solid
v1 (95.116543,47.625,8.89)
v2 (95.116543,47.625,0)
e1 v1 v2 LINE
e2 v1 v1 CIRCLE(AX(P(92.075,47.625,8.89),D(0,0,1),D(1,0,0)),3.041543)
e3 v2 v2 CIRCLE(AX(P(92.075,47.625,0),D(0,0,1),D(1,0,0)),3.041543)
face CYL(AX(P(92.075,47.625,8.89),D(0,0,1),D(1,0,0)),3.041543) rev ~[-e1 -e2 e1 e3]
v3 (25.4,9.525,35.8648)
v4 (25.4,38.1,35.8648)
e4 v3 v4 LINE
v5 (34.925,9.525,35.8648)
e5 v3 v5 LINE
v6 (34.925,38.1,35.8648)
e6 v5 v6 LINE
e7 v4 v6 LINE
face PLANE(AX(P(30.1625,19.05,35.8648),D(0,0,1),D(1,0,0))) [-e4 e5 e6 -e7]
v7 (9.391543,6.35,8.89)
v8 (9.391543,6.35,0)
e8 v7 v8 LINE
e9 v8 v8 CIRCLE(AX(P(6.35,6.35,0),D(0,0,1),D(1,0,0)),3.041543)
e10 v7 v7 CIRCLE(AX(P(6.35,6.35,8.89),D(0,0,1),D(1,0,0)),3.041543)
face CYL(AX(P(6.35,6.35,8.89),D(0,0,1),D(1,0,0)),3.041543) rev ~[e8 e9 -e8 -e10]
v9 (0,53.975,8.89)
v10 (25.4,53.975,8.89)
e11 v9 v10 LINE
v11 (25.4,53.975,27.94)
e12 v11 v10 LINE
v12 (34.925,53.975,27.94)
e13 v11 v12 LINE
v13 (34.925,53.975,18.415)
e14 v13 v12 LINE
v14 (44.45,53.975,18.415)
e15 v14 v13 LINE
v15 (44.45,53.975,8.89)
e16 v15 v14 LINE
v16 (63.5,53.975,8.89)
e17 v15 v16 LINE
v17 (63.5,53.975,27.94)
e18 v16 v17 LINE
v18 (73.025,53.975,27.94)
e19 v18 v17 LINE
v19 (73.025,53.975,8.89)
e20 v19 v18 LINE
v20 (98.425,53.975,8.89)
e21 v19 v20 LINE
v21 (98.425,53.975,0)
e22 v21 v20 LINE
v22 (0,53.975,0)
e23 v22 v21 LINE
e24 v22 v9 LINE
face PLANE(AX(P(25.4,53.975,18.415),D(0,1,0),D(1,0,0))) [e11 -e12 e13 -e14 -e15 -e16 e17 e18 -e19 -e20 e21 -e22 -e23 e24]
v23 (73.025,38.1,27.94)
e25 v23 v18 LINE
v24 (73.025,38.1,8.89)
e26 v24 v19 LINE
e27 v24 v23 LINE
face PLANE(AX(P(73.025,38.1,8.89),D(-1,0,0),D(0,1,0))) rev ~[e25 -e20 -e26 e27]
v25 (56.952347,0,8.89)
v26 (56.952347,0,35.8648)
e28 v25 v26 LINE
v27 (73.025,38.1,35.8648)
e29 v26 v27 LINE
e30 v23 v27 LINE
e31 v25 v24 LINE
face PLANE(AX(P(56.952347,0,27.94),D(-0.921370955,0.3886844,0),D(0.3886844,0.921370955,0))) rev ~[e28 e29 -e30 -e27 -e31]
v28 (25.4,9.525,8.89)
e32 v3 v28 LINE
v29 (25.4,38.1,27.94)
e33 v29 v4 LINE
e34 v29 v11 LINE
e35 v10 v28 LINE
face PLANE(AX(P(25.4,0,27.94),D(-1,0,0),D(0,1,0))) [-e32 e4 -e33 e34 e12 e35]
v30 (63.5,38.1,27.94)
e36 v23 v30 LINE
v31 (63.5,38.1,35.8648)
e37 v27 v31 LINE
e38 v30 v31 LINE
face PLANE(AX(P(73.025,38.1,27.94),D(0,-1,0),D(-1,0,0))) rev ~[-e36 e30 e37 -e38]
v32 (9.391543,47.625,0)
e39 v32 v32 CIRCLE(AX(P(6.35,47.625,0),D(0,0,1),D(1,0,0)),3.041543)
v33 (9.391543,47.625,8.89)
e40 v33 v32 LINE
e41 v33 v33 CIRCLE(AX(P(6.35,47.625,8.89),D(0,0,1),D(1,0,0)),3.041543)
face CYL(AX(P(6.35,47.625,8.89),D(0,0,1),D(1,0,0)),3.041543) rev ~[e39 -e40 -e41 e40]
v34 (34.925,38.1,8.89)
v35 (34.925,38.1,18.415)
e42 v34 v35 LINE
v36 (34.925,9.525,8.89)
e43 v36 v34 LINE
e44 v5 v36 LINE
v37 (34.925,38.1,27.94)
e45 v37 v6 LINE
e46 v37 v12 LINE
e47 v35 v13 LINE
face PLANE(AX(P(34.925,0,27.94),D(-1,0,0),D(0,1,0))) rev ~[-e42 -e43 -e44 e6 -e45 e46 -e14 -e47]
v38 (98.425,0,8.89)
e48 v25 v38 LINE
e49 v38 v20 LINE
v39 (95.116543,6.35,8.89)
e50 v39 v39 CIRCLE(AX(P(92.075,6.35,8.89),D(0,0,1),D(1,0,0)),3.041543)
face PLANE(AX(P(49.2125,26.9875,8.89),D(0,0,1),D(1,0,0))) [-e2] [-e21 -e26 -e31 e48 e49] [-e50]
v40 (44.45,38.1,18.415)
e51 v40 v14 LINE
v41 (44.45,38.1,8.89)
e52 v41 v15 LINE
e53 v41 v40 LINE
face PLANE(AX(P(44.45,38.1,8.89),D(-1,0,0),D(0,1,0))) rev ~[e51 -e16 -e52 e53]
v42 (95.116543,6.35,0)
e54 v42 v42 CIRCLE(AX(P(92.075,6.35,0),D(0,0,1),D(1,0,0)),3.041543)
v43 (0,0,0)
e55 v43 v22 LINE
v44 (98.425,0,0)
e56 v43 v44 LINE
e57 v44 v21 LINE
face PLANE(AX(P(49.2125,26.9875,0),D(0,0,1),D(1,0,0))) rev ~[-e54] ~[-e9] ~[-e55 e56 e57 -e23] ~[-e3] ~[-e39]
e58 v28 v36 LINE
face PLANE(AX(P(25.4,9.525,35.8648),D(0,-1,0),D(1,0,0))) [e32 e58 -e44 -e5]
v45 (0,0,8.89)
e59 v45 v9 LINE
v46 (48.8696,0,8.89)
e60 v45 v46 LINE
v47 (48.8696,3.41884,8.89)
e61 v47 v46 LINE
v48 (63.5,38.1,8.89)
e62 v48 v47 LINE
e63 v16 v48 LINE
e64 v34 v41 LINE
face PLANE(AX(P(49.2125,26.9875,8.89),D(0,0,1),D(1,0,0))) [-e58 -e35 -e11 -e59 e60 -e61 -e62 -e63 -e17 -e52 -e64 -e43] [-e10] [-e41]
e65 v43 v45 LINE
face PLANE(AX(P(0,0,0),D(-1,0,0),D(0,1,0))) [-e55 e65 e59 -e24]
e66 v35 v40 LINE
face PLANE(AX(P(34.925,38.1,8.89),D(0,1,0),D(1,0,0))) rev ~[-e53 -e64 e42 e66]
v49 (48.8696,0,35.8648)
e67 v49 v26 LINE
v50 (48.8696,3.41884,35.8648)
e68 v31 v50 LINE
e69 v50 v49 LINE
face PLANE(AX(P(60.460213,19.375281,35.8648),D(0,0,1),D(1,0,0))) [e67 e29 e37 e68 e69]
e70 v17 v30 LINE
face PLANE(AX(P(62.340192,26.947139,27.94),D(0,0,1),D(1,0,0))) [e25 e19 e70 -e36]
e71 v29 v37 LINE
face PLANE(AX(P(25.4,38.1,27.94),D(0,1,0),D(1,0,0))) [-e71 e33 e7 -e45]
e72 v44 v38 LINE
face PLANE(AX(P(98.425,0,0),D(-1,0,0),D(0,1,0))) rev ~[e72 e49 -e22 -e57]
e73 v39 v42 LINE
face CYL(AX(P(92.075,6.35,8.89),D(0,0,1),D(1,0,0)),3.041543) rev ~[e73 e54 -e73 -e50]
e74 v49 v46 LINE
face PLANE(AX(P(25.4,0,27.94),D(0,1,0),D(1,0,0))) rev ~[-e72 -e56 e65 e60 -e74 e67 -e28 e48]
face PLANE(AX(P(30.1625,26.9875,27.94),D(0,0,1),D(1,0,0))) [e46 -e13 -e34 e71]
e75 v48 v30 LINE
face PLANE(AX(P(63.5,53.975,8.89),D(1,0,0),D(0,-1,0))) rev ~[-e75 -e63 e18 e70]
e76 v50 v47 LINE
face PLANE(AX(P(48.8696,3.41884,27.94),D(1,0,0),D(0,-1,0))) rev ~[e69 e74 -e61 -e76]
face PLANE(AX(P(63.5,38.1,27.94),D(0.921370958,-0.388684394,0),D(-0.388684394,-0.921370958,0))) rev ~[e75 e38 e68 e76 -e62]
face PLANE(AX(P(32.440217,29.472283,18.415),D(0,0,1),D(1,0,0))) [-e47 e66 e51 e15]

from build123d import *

# Parameters (mm, degrees)
F0_W      = 98.425
F0_H      = 53.975
F1_DEPTH  = 8.89
F3_DEPTH  = 9.525
F5_DEPTH  = 19.05
F7_DEPTH  = 7.9248
F8_W      = 9.525
F8_H      = 53.975
F9_DEPTH  = 9.525
F10_W     = 9.525
F10_H     = 38.1
F11_DEPTH = 7.9248
F12_R     = 3.041543
F13_DEPTH = 25.4
F14_W     = 9.525
F14_H     = 9.525
F15_DEPTH = 26.9748


with BuildPart() as f1:
    # F0 (on Top) → F1 (new body)
    with BuildSketch(Plane.XY):
        with Locations((49.2125, 26.9875)):
            Rectangle(F0_W, F0_H)
    extrude(amount=F1_DEPTH)

    # F2 (on face) → F3 (join)
    with BuildSketch(Plane.XY.offset(8.89)):
        Polygon((25.4, 0), (34.925, 0), (34.925, 38.1), (44.45, 38.1), (44.45, 53.975), (25.4, 53.975), align=None)
    extrude(amount=F3_DEPTH)

    # F4 (on face) → F5 (join)
    with BuildSketch(Plane.XY.offset(8.89)):
        Polygon((73.025, 53.975), (63.5, 53.975), (63.5, 38.1), (48.8696, 3.41884), (48.8696, 0), (56.952347, 0), (73.025, 38.1), align=None)
    extrude(amount=F5_DEPTH)

    # F6 (on face) → F7 (join)
    with BuildSketch(Plane.XY.offset(27.94)):
        Polygon((48.8696, 0), (56.952347, 0), (73.025, 38.1), (63.5, 38.1), (48.8696, 3.41884), align=None)
    extrude(amount=F7_DEPTH)

    # F8 (on face) → F9 (join)
    with BuildSketch(Plane.XY.offset(18.415)):
        with Locations((30.1625, 26.9875)):
            Rectangle(F8_W, F8_H)
    extrude(amount=F9_DEPTH)

    # F10 (on face) → F11 (join)
    with BuildSketch(Plane.XY.offset(27.94)):
        with Locations((30.1625, 19.05)):
            Rectangle(F10_W, F10_H)
    extrude(amount=F11_DEPTH)

    # F12 (on face) → F13 (cut)
    with BuildSketch(Plane.XY.offset(8.89)):
        with Locations((6.35, 47.625)):
            Circle(F12_R)
        with Locations((6.35, 6.35)):
            Circle(F12_R)
        with Locations((92.075, 6.35)):
            Circle(F12_R)
        with Locations((92.075, 47.625)):
            Circle(F12_R)
    extrude(amount=-F13_DEPTH, mode=Mode.SUBTRACT)

    # F14 (on face) → F15 (cut, through all)
    with BuildSketch(Plane.XY.offset(35.8648)):
        with Locations((30.1625, 4.7625)):
            Rectangle(F14_W, F14_H)
    extrude(amount=-F15_DEPTH, mode=Mode.SUBTRACT)


solid = f1.part
